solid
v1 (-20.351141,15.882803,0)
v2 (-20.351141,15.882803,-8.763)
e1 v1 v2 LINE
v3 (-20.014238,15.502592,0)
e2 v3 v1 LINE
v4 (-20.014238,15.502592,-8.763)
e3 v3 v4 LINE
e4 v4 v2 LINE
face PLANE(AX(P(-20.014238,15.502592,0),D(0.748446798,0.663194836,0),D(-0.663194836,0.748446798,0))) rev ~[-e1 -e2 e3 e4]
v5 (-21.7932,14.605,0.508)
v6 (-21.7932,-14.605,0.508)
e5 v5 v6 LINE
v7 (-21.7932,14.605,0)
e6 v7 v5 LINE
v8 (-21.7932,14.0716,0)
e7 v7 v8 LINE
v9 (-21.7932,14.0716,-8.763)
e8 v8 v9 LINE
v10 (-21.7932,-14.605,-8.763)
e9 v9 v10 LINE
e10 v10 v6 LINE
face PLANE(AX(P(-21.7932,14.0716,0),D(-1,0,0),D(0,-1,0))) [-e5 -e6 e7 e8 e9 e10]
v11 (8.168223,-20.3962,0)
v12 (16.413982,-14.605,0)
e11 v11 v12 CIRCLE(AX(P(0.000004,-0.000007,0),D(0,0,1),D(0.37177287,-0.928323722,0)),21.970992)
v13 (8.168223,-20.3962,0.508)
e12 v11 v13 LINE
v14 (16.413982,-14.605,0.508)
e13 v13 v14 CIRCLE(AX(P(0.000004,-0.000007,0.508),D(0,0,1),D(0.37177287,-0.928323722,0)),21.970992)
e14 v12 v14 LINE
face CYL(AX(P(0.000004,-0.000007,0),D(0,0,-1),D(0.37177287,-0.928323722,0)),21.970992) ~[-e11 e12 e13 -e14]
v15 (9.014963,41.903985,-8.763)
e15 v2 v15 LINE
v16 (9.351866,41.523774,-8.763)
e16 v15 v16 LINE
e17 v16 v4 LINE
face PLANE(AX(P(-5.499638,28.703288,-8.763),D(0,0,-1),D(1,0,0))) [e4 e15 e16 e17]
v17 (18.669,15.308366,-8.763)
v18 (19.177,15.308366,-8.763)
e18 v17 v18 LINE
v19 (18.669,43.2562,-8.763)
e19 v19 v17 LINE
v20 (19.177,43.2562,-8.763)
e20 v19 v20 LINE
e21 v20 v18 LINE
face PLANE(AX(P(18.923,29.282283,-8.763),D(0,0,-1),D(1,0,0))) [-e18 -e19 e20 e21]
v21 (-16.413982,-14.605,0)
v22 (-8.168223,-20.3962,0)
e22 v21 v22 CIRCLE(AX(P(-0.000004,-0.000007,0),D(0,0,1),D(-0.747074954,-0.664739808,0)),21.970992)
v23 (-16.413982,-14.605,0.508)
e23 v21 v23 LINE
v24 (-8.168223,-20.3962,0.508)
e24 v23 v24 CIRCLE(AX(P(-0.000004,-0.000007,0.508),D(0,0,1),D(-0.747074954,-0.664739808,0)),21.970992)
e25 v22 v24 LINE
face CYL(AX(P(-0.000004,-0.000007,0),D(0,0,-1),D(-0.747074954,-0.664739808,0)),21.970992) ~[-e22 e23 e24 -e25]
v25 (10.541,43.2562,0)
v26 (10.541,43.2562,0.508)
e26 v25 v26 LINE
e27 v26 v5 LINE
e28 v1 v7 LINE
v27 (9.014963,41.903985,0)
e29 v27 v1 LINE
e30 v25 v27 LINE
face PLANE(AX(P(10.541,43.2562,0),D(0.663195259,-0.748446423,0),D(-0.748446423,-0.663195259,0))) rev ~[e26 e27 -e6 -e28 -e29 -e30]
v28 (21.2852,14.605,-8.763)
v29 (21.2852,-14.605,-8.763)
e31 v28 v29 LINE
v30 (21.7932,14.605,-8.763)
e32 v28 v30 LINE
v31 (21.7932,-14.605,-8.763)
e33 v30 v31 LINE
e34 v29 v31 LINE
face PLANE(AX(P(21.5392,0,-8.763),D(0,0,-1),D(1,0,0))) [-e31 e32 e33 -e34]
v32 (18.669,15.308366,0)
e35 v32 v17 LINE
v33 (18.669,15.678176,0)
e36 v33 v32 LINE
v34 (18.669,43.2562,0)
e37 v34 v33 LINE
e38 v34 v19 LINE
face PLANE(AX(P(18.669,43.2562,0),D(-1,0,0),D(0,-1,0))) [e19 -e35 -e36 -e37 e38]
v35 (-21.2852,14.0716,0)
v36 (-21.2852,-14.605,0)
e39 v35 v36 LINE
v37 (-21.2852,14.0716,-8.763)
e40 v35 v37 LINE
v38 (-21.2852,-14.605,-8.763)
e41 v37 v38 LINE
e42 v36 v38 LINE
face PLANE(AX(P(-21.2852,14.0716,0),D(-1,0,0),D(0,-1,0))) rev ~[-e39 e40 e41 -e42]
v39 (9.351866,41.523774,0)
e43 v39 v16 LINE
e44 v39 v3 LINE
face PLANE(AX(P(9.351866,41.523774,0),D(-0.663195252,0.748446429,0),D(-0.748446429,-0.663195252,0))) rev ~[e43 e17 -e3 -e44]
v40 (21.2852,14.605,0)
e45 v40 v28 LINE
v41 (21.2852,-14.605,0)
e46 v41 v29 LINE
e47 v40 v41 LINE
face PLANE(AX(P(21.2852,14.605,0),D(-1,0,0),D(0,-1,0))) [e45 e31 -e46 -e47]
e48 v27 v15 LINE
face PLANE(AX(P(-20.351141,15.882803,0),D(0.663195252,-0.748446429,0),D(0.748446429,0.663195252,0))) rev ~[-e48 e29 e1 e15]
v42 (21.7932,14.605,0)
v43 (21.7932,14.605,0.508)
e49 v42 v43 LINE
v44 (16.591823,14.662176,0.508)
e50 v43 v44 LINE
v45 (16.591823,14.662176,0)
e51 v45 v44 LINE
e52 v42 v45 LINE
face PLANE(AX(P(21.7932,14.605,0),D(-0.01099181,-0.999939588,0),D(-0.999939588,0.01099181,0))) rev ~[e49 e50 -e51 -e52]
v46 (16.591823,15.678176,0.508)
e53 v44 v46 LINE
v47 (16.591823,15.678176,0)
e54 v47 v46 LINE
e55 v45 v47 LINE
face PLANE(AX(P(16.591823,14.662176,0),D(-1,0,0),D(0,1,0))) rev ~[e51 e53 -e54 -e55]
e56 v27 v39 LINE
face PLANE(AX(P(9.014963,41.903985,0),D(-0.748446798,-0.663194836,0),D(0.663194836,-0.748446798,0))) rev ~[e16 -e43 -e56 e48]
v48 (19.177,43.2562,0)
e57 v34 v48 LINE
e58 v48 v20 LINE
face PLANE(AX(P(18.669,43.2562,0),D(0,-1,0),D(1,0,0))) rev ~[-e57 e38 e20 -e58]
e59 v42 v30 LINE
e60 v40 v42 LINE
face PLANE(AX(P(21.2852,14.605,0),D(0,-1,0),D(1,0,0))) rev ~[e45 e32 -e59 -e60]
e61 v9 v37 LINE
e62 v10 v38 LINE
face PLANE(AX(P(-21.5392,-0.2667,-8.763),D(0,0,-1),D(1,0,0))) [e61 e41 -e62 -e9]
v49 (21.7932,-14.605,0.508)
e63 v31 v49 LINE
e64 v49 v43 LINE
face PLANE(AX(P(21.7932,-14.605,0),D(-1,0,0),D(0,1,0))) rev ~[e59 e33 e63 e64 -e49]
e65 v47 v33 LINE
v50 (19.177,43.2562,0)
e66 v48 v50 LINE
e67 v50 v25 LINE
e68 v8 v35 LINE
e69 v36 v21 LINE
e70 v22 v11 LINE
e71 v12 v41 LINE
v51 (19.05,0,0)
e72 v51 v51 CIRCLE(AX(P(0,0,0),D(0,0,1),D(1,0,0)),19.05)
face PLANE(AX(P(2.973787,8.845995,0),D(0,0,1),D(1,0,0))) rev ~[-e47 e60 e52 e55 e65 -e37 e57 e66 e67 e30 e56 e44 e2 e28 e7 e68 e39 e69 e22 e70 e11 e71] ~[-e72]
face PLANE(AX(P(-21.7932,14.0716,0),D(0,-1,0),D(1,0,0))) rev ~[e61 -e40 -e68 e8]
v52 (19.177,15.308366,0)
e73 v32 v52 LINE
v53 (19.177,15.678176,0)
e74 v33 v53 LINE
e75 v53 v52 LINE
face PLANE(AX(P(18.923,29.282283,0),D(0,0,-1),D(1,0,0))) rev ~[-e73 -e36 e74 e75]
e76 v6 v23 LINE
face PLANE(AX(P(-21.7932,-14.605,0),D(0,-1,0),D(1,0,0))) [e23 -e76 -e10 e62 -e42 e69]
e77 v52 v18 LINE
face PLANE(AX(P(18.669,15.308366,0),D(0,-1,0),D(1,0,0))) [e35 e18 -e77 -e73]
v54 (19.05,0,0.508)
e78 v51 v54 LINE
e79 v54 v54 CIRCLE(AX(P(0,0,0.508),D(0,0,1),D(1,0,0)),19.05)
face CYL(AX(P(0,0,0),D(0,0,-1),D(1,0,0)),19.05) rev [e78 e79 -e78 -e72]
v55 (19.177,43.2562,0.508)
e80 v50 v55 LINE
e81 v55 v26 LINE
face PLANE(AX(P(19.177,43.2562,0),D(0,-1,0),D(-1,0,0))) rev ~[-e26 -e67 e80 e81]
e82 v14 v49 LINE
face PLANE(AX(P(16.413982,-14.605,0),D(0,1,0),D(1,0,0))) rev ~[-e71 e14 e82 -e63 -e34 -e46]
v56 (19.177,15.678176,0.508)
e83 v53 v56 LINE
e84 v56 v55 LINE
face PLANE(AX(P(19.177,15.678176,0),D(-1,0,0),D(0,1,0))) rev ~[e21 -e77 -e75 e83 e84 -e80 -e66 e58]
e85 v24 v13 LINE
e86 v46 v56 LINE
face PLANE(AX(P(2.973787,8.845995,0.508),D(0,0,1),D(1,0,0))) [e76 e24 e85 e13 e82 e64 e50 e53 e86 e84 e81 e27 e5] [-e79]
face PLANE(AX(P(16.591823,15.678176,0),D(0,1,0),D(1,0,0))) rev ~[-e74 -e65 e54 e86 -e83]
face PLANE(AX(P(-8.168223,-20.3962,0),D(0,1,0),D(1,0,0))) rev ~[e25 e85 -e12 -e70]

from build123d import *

# Parameters (mm, degrees)
F0_R     = 19.05
F1_DEPTH = 0.508
F2_W     = 0.508
F2_H     = 28.6766
F2_H_2   = 29.21
F2_H_3   = 27.947833
F3_DEPTH = 8.763


with BuildPart() as f1:
    # F0 (on Top) → F1 (new body)
    with BuildSketch(Plane.XY):
        with BuildLine():
            Line((-21.7932, 14.605), (-21.7932, -14.605))
            Line((-21.7932, -14.605), (-16.413982, -14.605))
            ThreePointArc((-16.413982, -14.605), (-12.627577, -17.979687), (-8.168223, -20.3962))
            Line((-8.168223, -20.3962), (8.168223, -20.3962))
            ThreePointArc((8.168223, -20.3962), (12.627577, -17.979687), (16.413982, -14.605))
            Line((16.413982, -14.605), (21.7932, -14.605))
            Line((21.7932, -14.605), (21.7932, 14.605))
            Line((21.7932, 14.605), (16.591823, 14.662176))
            Line((16.591823, 14.662176), (16.591823, 15.678176))
            Line((16.591823, 15.678176), (19.177, 15.678176))
            Line((19.177, 15.678176), (19.177, 43.2562))
            Line((19.177, 43.2562), (10.541, 43.2562))
            Line((10.541, 43.2562), (-21.7932, 14.605))
        make_face()
        Circle(F0_R, mode=Mode.SUBTRACT)
    extrude(amount=F1_DEPTH)

    # F2 (on face) → F3 (join)
    with BuildSketch(Plane(origin=(0, 0, 0), x_dir=(1, 0, 0), z_dir=(0, 0, -1))):
        with Locations((-21.5392, 0.2667)):
            Rectangle(F2_W, F2_H)
        with Locations((21.5392, 0)):
            Rectangle(F2_W, F2_H_2)
        Polygon((-20.351141, -15.882803), (9.014963, -41.903985), (9.351866, -41.523774), (-20.014238, -15.502592), align=None)
        with Locations((18.923, -29.282283)):
            Rectangle(F2_W, F2_H_3)
    extrude(amount=F3_DEPTH)


solid = f1.part
